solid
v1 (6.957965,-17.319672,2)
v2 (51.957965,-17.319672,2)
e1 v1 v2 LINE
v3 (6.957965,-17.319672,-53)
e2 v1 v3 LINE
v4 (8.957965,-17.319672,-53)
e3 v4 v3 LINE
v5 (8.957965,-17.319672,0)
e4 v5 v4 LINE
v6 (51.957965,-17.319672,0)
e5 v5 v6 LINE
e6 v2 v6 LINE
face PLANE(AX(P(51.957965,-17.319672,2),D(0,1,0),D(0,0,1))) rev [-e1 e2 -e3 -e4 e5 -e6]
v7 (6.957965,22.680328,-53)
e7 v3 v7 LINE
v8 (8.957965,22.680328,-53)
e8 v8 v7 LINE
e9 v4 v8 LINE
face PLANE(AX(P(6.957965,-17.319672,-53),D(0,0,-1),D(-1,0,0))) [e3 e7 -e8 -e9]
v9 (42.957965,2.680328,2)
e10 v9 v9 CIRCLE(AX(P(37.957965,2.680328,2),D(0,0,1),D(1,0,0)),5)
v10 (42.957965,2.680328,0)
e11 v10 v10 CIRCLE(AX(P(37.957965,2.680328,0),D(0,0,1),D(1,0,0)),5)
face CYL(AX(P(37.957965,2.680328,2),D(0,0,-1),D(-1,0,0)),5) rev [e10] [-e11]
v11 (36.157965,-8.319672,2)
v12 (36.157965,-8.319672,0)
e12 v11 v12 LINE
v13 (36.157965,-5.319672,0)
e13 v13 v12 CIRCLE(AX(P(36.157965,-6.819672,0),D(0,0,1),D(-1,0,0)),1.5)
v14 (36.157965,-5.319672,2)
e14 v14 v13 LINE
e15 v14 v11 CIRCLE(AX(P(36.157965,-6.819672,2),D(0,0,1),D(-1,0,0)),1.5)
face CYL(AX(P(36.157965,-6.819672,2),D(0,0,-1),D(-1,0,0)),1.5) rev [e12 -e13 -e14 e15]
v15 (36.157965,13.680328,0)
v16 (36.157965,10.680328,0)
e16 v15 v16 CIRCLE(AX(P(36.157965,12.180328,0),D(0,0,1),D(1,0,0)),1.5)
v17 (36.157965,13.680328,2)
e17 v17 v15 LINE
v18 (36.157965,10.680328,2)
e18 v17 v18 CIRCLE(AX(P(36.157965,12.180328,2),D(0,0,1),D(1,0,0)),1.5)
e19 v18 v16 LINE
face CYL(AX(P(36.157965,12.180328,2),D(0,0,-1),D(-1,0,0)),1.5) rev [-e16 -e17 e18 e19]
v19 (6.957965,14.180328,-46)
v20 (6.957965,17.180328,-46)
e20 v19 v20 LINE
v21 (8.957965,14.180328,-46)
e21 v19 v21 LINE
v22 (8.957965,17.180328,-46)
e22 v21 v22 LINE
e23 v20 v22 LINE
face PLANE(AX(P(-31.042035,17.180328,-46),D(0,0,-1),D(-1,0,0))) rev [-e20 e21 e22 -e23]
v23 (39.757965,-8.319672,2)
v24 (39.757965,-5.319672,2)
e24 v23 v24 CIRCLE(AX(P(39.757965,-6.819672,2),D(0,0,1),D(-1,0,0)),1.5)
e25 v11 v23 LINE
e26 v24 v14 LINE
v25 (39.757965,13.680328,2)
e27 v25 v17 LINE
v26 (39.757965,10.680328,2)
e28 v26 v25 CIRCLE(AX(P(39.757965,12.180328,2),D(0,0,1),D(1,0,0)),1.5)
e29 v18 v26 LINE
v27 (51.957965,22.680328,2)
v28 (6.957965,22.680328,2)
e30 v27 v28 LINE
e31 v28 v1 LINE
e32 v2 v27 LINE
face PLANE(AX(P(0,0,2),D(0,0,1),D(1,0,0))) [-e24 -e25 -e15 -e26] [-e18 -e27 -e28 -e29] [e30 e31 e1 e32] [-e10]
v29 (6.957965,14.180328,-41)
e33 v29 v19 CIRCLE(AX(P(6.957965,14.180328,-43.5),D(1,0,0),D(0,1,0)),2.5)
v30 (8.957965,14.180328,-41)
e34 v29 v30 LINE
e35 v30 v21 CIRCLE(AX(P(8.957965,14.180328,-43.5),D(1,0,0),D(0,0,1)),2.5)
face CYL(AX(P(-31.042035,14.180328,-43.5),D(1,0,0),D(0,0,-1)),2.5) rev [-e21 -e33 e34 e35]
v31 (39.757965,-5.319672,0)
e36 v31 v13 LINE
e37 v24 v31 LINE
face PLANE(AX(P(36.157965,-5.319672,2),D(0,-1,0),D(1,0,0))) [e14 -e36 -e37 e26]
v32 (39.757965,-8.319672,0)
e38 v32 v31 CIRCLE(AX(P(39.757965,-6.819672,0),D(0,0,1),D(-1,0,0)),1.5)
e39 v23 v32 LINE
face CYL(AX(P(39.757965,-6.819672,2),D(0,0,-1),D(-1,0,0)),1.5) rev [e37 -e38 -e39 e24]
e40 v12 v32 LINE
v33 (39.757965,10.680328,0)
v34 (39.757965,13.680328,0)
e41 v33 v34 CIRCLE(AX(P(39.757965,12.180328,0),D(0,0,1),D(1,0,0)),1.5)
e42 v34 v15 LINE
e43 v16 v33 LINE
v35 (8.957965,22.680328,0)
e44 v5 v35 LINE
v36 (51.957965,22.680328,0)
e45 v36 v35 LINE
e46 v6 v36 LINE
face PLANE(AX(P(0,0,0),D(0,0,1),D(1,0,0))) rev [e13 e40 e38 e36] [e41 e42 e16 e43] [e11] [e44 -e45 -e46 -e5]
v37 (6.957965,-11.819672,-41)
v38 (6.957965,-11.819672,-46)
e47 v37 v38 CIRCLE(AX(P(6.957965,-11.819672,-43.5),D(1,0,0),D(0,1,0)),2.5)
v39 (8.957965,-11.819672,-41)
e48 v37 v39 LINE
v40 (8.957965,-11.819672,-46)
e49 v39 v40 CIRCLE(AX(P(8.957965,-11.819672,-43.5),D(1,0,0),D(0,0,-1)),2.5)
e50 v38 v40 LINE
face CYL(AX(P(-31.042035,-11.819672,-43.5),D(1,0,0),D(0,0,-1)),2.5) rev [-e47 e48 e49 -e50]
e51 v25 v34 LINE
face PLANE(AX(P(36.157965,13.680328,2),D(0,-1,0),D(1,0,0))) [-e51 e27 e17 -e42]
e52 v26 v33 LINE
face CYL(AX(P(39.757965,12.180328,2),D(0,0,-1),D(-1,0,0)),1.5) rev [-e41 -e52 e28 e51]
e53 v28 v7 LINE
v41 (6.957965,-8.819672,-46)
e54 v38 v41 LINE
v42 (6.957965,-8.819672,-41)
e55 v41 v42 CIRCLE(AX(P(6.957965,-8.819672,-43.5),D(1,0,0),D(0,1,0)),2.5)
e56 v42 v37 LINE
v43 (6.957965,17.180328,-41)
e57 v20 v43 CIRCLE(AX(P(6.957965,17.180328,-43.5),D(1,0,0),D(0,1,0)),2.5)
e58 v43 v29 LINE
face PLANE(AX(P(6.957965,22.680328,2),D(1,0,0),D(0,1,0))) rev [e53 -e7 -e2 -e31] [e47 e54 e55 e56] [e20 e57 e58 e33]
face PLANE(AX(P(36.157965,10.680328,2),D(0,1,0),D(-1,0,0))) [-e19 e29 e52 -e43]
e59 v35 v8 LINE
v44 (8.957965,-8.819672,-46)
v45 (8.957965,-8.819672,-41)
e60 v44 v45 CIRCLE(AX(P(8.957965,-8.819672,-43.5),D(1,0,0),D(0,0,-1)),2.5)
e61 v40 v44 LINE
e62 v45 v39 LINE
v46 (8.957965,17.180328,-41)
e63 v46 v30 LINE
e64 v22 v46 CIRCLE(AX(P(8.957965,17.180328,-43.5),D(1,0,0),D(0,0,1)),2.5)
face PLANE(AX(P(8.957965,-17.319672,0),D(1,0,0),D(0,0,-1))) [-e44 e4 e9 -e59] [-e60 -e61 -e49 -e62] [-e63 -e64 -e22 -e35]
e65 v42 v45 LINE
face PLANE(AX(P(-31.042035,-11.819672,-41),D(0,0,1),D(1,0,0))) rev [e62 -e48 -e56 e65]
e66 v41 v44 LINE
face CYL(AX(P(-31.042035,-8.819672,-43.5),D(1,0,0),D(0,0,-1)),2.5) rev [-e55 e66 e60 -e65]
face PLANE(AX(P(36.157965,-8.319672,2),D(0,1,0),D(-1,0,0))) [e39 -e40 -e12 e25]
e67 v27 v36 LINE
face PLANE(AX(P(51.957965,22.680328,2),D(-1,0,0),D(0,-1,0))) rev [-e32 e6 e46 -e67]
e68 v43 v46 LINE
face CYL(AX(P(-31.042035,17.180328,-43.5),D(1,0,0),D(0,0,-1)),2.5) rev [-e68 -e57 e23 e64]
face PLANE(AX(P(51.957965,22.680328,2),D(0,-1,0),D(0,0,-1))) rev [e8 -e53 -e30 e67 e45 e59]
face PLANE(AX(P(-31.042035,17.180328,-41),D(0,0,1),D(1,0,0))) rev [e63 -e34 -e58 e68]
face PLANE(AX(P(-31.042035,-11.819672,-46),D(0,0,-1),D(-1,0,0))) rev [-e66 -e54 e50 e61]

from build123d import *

# Parameters (mm, degrees)
ESQUISSE2_W             = 45
ESQUISSE2_H             = 40
ESQUISSE2_R             = 5
BOSS_EXTRU_8_DEPTH      = 2
ESQUISSE3_W             = 2
ESQUISSE3_H             = 53
BOSS_EXTRU_9_DEPTH      = 40
ENL_V_MAT_EXTRU_1_DEPTH = 40


with BuildPart() as part:
    # Esquisse2 → Boss.-Extru.8 (new body)
    with BuildSketch(Plane.XY):
        with Locations((29.457965055, 2.680327869)):
            Rectangle(ESQUISSE2_W, ESQUISSE2_H)
        with Locations((37.957965055, 2.680327869)):
            Circle(ESQUISSE2_R, mode=Mode.SUBTRACT)
        with BuildLine():
            Line((36.157965055, 13.680327869), (39.757965055, 13.680327869))
            ThreePointArc((39.757965055, 13.680327869), (41.257965055, 12.180327869), (39.757965055, 10.680327869))
            Line((39.757965055, 10.680327869), (36.157965055, 10.680327869))
            ThreePointArc((36.157965055, 10.680327869), (34.657965055, 12.180327869), (36.157965055, 13.680327869))
        make_face(mode=Mode.SUBTRACT)
        with BuildLine():
            Line((36.157965055, -8.319672131), (39.757965055, -8.319672131))
            ThreePointArc((39.757965055, -8.319672131), (41.257965055, -6.819672131), (39.757965055, -5.319672131))
            Line((39.757965055, -5.319672131), (36.157965055, -5.319672131))
            ThreePointArc((36.157965055, -5.319672131), (34.657965055, -6.819672131), (36.157965055, -8.319672131))
        make_face(mode=Mode.SUBTRACT)
    extrude(amount=BOSS_EXTRU_8_DEPTH)

    # Esquisse3 → Boss.-Extru.9 (add)
    with BuildSketch(Plane(origin=(0, 22.680327869, 0), x_dir=(1, 0, 0), z_dir=(0, 1, 0))):
        with Locations((7.957965055, 26.5)):
            Rectangle(ESQUISSE3_W, ESQUISSE3_H)
    extrude(amount=-BOSS_EXTRU_9_DEPTH)

    # Esquisse4 → Enlèv. mat.-Extru.1 (cut)
    with BuildSketch(Plane(origin=(8.957965055, 0, 0), x_dir=(0, 0, -1), z_dir=(1, 0, 0))):
        with BuildLine():
            Line((41, -11.819672131), (41, -8.819672131))
            ThreePointArc((41, -8.819672131), (43.5, -6.319672131), (46, -8.819672131))
            Line((46, -8.819672131), (46, -11.819672131))
            ThreePointArc((46, -11.819672131), (43.5, -14.319672131), (41, -11.819672131))
        make_face()
        with BuildLine():
            Line((41, 17.180327869), (41, 14.180327869))
            ThreePointArc((41, 14.180327869), (43.5, 11.680327869), (46, 14.180327869))
            Line((46, 14.180327869), (46, 17.180327869))
            ThreePointArc((46, 17.180327869), (43.5, 19.680327869), (41, 17.180327869))
        make_face()
    extrude(amount=-ENL_V_MAT_EXTRU_1_DEPTH, mode=Mode.SUBTRACT)


solid = part.part
